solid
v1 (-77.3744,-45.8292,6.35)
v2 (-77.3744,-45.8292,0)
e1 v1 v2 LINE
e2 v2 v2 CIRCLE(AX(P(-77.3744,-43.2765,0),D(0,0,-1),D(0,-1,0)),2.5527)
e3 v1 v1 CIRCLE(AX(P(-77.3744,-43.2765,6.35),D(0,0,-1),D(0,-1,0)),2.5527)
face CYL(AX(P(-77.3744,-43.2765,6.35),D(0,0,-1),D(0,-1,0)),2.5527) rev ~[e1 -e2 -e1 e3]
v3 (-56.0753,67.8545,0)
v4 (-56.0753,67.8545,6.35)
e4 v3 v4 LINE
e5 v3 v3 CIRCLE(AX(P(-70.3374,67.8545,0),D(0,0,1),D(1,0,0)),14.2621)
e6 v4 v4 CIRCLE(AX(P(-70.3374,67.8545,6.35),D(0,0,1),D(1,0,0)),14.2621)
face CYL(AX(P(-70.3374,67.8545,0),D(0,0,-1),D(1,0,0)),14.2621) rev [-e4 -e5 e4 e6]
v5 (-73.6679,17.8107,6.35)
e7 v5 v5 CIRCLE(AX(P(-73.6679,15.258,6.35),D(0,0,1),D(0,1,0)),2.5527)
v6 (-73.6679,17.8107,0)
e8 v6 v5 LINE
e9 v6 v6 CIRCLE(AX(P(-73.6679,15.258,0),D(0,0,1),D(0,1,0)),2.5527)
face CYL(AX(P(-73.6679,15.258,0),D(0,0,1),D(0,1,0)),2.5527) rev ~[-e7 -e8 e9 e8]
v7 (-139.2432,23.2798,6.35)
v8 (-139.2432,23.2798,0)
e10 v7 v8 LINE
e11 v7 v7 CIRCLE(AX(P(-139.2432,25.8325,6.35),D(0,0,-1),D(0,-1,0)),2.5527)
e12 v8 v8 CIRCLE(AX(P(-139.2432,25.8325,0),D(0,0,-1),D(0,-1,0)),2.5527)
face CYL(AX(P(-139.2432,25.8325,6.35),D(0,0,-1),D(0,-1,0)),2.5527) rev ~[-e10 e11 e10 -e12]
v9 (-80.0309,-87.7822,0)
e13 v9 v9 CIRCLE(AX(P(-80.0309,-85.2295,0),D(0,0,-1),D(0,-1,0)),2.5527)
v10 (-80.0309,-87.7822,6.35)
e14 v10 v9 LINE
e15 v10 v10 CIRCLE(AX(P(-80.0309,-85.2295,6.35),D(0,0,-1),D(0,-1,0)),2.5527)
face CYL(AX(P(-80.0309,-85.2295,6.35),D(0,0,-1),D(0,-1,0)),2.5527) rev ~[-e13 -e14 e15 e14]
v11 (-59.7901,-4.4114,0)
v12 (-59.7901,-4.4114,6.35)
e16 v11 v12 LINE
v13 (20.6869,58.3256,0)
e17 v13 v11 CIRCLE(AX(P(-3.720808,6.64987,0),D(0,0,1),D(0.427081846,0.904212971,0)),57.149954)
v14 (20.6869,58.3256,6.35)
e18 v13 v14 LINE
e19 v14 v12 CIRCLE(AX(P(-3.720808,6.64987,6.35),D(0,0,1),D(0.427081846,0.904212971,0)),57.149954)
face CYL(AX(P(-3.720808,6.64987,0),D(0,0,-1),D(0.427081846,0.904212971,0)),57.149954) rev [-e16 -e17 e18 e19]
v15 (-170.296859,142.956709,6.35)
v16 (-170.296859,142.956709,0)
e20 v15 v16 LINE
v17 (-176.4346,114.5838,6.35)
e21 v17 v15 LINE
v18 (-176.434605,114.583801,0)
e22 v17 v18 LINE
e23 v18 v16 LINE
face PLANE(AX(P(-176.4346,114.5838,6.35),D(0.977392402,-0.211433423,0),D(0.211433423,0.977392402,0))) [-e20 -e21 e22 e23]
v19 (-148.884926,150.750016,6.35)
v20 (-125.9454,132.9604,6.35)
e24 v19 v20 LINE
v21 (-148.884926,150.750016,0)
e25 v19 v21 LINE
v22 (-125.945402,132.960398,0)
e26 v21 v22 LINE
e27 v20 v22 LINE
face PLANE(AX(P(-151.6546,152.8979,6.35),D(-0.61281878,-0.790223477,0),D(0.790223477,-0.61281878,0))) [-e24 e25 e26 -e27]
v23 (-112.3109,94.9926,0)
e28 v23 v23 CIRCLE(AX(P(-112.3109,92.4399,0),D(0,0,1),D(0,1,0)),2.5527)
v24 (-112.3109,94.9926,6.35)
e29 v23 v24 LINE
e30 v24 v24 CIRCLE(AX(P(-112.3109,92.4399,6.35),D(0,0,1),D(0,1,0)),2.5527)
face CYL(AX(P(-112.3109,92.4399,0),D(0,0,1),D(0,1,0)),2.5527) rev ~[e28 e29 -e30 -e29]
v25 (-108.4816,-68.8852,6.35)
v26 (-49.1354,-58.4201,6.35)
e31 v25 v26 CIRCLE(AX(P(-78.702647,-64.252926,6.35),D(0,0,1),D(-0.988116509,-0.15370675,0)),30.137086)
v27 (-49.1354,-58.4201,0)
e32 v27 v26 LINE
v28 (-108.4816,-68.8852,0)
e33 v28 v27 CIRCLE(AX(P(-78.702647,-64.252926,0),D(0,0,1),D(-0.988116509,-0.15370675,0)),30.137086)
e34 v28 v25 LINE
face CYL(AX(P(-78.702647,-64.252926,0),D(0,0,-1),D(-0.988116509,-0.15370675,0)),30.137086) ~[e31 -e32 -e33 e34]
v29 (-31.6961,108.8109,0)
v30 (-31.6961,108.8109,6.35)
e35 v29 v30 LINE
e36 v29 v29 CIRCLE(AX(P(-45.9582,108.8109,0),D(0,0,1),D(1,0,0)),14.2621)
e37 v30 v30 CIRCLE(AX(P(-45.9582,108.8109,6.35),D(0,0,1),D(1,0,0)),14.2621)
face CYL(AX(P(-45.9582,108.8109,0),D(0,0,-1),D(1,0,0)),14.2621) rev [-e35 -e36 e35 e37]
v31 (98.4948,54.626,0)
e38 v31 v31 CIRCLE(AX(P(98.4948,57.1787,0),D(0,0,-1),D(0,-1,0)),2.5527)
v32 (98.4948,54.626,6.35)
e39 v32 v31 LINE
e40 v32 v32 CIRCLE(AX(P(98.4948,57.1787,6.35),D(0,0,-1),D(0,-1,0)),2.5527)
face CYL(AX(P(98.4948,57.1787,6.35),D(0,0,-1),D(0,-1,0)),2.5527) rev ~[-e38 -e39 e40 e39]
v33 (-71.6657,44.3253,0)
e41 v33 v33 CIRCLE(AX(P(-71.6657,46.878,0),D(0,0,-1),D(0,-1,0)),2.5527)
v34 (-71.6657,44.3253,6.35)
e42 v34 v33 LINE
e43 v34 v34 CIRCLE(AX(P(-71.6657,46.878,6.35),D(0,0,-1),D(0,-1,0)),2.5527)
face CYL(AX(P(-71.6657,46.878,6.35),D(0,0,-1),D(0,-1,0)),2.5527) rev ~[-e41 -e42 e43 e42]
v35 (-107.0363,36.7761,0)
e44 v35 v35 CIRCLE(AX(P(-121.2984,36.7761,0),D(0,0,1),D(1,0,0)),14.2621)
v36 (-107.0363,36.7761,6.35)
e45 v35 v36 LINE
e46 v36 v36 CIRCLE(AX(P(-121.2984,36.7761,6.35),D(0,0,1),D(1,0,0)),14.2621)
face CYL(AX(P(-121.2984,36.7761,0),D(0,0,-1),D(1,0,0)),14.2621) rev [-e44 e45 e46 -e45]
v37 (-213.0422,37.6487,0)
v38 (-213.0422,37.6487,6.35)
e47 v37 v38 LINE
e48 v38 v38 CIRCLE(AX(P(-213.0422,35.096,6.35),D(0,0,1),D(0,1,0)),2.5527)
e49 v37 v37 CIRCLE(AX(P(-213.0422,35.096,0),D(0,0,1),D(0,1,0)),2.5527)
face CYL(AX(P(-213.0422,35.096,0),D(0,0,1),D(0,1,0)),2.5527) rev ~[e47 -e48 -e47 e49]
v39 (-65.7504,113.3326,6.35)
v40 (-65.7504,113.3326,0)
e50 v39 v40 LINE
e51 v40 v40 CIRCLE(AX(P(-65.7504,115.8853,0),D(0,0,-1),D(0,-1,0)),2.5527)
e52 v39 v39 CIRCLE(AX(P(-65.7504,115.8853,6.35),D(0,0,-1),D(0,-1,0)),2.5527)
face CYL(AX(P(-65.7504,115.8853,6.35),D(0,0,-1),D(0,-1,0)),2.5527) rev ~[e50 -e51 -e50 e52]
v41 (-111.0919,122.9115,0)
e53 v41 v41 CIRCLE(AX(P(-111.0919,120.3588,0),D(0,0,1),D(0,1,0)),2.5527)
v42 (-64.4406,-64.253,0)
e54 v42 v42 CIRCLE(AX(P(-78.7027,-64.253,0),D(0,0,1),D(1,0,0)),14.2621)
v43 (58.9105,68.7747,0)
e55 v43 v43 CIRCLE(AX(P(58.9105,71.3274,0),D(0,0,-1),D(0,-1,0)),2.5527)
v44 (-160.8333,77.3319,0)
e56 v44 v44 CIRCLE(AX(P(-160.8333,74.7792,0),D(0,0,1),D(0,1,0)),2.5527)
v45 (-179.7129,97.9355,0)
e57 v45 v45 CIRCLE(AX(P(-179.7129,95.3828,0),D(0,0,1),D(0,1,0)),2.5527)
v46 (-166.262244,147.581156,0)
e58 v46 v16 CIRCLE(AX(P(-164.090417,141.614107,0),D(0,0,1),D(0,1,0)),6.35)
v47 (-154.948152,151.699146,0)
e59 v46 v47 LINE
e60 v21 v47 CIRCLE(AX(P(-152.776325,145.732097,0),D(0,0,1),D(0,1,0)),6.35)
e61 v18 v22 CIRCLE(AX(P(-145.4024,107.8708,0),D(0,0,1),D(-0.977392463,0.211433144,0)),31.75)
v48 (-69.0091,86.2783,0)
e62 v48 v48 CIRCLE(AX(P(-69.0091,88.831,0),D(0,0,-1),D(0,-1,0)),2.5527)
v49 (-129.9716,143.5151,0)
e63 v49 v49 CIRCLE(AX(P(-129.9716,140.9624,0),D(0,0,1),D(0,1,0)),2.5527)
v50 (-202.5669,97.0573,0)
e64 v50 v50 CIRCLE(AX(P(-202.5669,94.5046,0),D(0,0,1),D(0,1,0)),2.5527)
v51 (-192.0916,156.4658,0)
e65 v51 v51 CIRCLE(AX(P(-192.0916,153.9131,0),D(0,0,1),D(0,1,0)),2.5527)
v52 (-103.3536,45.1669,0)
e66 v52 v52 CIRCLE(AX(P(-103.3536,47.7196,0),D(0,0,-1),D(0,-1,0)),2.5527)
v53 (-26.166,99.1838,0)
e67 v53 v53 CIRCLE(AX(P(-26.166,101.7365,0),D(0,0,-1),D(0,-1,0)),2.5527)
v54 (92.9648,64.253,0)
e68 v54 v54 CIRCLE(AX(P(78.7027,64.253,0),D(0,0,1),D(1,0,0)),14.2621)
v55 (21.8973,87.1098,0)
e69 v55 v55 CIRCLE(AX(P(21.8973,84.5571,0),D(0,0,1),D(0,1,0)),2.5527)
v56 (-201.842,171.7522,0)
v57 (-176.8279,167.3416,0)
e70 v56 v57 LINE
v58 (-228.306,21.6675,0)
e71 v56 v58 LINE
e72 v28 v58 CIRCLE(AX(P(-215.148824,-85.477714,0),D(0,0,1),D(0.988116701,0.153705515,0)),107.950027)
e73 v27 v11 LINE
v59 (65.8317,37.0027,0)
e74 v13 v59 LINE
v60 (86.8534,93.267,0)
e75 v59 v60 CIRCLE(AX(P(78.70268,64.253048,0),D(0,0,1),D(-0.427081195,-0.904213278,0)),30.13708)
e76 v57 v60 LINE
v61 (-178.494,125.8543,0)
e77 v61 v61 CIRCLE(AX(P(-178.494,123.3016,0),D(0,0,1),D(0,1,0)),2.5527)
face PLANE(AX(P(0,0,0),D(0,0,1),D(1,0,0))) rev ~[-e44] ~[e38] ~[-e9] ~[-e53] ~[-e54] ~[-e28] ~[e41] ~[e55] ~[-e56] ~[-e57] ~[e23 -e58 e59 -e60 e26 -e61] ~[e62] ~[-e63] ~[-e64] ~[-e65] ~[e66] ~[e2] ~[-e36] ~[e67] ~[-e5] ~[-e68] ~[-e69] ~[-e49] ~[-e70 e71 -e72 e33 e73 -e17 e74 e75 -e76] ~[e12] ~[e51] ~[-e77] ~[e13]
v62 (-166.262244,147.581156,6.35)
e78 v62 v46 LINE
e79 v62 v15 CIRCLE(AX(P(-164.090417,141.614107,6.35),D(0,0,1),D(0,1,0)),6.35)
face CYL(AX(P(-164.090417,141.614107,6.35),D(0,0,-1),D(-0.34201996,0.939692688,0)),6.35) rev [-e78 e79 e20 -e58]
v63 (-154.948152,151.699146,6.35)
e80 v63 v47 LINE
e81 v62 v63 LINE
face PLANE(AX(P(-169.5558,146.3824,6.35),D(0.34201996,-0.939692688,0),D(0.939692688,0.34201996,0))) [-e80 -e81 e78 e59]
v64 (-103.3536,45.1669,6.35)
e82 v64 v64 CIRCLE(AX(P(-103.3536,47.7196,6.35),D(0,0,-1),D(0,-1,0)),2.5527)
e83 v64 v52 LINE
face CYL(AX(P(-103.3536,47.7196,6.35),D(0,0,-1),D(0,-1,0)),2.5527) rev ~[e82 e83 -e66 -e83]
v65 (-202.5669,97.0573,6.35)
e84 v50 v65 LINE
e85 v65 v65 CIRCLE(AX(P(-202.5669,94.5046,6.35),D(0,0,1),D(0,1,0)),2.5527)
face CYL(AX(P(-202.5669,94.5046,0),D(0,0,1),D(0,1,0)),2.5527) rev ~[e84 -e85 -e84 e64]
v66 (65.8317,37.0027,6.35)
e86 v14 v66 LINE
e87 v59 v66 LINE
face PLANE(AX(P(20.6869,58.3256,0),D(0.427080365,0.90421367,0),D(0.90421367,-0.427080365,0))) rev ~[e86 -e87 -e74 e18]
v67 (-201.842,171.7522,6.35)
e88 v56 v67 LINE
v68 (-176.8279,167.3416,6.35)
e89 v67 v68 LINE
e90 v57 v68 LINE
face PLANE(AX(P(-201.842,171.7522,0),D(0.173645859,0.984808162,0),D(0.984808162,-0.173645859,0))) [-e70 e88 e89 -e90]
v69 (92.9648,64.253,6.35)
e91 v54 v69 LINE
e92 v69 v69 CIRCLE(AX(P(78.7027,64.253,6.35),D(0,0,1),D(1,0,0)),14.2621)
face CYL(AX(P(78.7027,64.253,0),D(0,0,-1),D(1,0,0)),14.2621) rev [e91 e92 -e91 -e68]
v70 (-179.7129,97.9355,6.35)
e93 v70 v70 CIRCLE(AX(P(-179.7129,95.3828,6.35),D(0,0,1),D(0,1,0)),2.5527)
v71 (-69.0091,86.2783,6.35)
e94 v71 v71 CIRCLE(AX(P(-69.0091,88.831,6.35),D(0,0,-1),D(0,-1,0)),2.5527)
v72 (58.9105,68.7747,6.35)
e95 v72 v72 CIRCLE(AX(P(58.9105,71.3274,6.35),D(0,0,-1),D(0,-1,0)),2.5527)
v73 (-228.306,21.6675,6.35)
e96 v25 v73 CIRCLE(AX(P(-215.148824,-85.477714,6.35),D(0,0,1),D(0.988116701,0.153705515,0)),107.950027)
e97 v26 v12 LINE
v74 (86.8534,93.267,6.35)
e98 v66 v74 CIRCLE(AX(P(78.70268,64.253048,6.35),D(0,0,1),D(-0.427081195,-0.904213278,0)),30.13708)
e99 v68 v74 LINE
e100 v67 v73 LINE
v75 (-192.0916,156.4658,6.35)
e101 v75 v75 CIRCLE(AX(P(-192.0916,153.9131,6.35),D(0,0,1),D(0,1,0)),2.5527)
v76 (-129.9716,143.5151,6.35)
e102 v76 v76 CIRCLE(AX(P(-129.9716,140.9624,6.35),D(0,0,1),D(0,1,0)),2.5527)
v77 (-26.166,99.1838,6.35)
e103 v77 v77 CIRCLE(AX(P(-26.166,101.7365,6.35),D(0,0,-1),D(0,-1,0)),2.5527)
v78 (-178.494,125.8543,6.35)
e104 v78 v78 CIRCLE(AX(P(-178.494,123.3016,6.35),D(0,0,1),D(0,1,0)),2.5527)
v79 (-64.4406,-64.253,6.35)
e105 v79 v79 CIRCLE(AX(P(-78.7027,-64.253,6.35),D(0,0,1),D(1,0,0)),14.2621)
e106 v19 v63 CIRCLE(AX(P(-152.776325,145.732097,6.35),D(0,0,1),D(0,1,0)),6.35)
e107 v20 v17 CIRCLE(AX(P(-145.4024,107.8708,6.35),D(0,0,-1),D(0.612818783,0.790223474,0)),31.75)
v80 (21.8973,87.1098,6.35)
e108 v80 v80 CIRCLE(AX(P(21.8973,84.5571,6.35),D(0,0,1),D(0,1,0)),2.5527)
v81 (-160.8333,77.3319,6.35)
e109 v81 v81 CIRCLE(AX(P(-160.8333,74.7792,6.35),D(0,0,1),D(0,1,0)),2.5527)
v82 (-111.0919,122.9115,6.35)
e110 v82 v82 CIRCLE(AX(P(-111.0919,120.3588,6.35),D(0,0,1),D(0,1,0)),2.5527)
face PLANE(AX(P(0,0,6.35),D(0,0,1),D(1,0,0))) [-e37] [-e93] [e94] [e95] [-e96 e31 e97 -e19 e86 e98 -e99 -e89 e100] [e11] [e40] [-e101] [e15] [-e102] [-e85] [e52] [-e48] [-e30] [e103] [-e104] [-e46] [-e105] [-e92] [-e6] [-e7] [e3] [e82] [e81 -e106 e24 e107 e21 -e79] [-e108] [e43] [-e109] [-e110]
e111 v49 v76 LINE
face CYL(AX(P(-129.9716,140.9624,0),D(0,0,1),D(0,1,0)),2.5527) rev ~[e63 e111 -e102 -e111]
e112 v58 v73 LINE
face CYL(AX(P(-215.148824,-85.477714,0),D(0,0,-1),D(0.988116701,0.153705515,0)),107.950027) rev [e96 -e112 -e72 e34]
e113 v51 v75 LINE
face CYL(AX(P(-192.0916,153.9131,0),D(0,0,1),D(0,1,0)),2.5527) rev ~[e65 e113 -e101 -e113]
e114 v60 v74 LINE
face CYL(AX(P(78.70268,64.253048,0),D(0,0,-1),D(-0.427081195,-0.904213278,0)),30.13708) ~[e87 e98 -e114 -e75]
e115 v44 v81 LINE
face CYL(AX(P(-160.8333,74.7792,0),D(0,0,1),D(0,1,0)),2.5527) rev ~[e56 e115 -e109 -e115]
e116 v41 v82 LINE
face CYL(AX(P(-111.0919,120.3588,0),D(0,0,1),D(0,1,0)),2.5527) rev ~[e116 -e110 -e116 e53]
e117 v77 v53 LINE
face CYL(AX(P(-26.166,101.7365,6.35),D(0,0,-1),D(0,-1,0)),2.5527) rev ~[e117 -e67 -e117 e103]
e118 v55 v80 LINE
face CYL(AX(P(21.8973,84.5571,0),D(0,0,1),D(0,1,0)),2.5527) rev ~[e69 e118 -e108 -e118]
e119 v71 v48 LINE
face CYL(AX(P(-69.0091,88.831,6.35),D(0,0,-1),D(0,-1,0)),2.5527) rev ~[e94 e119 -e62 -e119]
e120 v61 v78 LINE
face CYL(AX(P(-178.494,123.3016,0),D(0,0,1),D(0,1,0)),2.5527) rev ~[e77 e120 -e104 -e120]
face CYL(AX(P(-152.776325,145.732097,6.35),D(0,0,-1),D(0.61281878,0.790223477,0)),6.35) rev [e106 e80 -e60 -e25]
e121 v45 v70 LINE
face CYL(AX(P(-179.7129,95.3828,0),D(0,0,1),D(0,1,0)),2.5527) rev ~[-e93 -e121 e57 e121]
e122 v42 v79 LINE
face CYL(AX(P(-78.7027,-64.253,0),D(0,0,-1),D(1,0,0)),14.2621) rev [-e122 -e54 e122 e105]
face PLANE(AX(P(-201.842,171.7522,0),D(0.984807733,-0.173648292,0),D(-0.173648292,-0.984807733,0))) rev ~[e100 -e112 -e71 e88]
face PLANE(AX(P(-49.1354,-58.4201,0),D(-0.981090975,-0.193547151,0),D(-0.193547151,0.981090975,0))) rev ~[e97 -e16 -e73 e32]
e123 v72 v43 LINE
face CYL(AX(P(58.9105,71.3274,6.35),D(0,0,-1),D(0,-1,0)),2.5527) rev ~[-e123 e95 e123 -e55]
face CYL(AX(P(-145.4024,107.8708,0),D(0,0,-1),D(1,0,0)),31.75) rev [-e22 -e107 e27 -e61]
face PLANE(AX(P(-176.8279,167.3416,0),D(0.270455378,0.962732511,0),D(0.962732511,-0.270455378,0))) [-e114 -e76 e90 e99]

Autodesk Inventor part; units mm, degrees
ref_plane "YZ Plane" through (0, 0, 0) normal (1, 0, 0) x (0, 1, 0)
ref_plane "XZ Plane" through (0, 0, 0) normal (0, 1, 0) x (-1, 0, 0)
ref_plane "XY Plane" through (0, 0, 0) normal (0, 0, 1) x (1, 0, 0)
sketch "Sketch1" plane through (0, 0, 0) normal (0, 0, 1) x (1, 0, 0)
  circle A0 centre (78.7027, 64.253) radius 50.8 construction
  circle A1 centre (-78.7027, -64.253) radius 50.8 construction
  circle A2 centre (0, 0) radius 50.8 construction
  line L0 (-39.3513, -32.1265) -> (39.3513, 32.1265) construction
  line L1 (78.7027, 64.253) -> (-78.7027, -64.253) construction
  line L2 (-3.7208, 6.6498) -> (-3.7208, 50.6636) construction
  line L3 (-233.7404, -115.053) -> (631.6516, -115.053) construction
  circle A3 centre (140.9799, -57.903) radius 57.15 construction
  circle A4 centre (78.7027, 64.253) radius 14.2621
  circle A5 centre (-78.7027, -64.253) radius 14.2621
  circle A6 centre (-3.7208, 6.6498) radius 57.15 construction
  circle A7 centre (-78.7027, -64.253) radius 30.1371 construction
  circle A8 centre (78.7027, 64.253) radius 30.1371 construction
  circle A9 centre (-45.9582, 108.8109) radius 14.2621
  line L4 (-45.9582, 108.8109) -> (78.7027, 64.253) construction
  circle A10 centre (78.7027, 64.253) radius 14.3256 construction
  circle A11 centre (-78.7027, -64.253) radius 14.3256 construction
  circle A12 centre (-70.3374, 67.8545) radius 14.2621
  line L5 (-78.7027, -64.253) -> (-70.3374, 67.8545) construction
  circle A13 centre (-70.3374, 67.8545) radius 23.8316 construction
  circle A14 centre (-45.9582, 108.8109) radius 23.8316 construction
  line L6 (20.6869, 58.3256) -> (65.8317, 37.0027)
  line L7 (-49.1354, -58.4201) -> (-59.7901, -4.4114)
  arc A15 (20.6869, 58.3256) -> (-59.7901, -4.4114) centre (-3.7208, 6.6498) ccw
  line L8 (-201.842, 171.7522) -> (-176.8279, 167.3416)
  line L9 (-176.8279, 167.3416) -> (-203.2918, 17.2569) construction
  line L10 (-203.2918, 17.2569) -> (-228.306, 21.6675) construction
  line L11 (-228.306, 21.6675) -> (-201.842, 171.7522) construction
  line L12 (-247.3095, -86.1068) -> (28.2095, -134.6882) construction
  line L13 (-202.9446, 165.4987) -> (212.0535, 92.3234) construction
  line L14 (-202.9446, 165.4987) -> (-247.3095, -86.1068) construction
  circle A16 centre (-145.4024, 107.8708) radius 31.75
  line L15 (-71.8434, 44.0706) -> (-75.4924, -13.5546) construction
  circle A17 centre (21.8973, 84.5571) radius 9.525 construction
  line L16 (-189.3349, 169.5469) -> (-215.7989, 19.4622) construction
  line L17 (-192.0916, 153.9131) -> (-213.0422, 35.096) construction
  circle A18 centre (-145.4024, 107.8708) radius 17.4625 construction
  circle A19 centre (-145.4024, 107.8708) radius 9.525
  circle A20 centre (-45.9582, 108.8109) radius 30.1816 construction
  line L18 (-201.842, 171.7522) -> (-228.306, 21.6675)
  arc A21 (65.8317, 37.0027) -> (86.8534, 93.267) centre (78.7027, 64.253) ccw
  arc A22 (-108.4816, -68.8852) -> (-49.1354, -58.4201) centre (-78.7027, -64.253) ccw
  line L19 (-145.4024, 107.8708) -> (-128.993, 113.8433) construction
  line L20 (-111.0919, 120.3588) -> (-179.7129, 95.3828) construction
  circle A23 centre (-179.7129, 95.3828) radius 4.7625 construction
  line L21 (0, 0) -> (-3.7208, 6.6498) construction
  circle A24 centre (78.7027, 64.253) radius 28.6512 construction
  line L22 (66.184, 38.4815) -> (-52.1898, 95.9822) construction
  line L23 (85.3565, 92.1209) -> (-42.6461, 122.6831) construction
  line L24 (-176.8279, 167.3416) -> (86.8534, 93.267)
  line L25 (-145.4024, 107.8708) -> (-121.2984, 36.7761) construction
  circle A25 centre (-121.2984, 36.7761) radius 31.75 construction
  circle A26 centre (-121.2984, 36.7761) radius 14.2621
  line L26 (-70.3374, 67.8545) -> (-121.2984, 36.7761) construction
  circle A27 centre (-145.4024, 107.8708) radius 25.4 construction
  arc A28 (-108.4816, -68.8852) -> (-228.306, 21.6675) centre (-215.1488, -85.4777) ccw
  circle A29 centre (-145.4024, 107.8708) radius 36.5125 construction
  line L27 (-178.494, 123.3016) -> (-145.4024, 107.8708) construction
  point P0 (-73.6679, 15.258)
  point P1 (-202.5669, 94.5046)
  point P2 (-202.5669, 94.5046)
  point P3 (-142.3701, 125.068)
  point P4 (-158.7795, 119.0955)
  point P5 (-161.8118, 101.8983)
  point P6 (-148.4348, 90.6736)
  point P7 (-132.0254, 96.6461)
  point P8 (-121.5342, 116.5581)
  point P9 (-140.9918, 132.8849)
  point P10 (-164.86, 124.1976)
  point P11 (-169.2706, 99.1835)
  point P12 (-149.8131, 82.8567)
  point P13 (-125.9449, 91.544)
  point P14 (-157.8904, 142.1813)
  point P15 (-179.7129, 95.3828)
  point P16 (-132.9144, 73.5603)
  point P17 (-129.9716, 140.9624)
  point P18 (-160.8333, 74.7792)
  point P19 (-112.3109, 92.4399)
  dimension "d7" = 101.6
  dimension "d18" = 47.6631
  dimension "d34" = 34.925
  dimension "d65" = 50.8
  dimension "d3" = 50.772
  dimension "d4" = 0
  dimension "d8" = 101.6
  dimension "d9" = 28.5242
  dimension "d10" = 101.6
  dimension "d11" = 114.3
  dimension "d12" = 114.3
  dimension "d13" = 15.875
  dimension "d14" = 15.875
  dimension "d15" = 132.3848
  dimension "d16" = 28.6512
  dimension "d17" = 132.3721
  dimension "d19" = 47.6631
  dimension "d22" = 25.4
  dimension "d23" = 152.4
  dimension "d26" = 255.4869
  dimension "d27" = 63.5
  dimension "d30" = 203.2
  dimension "d31" = 10
  dimension "d32" = 19.05
  dimension "d33" = 120.65
  dimension "d35" = 19.05
  dimension "d36" = 6.35
  dimension "d40" = 360
  dimension "d44" = 9.525
  dimension "d55" = 80
  dimension "d56" = 7.62
  dimension "d58" = 57.3024
  dimension "d59" = 63.5
  dimension "d60" = 75.0697
  dimension "d61" = 59.69
  dimension "d62" = 55
  dimension "d68" = 360
  dimension "d70" = 41.275
  dimension "d71" = 60
  dimension "d88" = 360
  dimension "d93" = 360
  dimension "d95" = 45
  dimension "d96" = 6.35
  dimension "d97" = 20.955
  dimension "d98" = 107.95
extrude "Extrusion1" add sketch "Sketch1" along normal blind 6.35 contours A15 L7 A22 A28 L18 L8 L24 A21 L6
hole "Hole1" at (21.8973, 84.5571, 0) at (-192.0916, 153.9131, 0) at (-202.5669, 94.5046, 0) at (-213.0422, 35.096, 0) at (-128.993, 113.8433, 0) at (-142.3701, 125.068, 0) at (-158.7795, 119.0955, 0) at (-161.8118, 101.8983, 0) at (-148.4348, 90.6736, 0) at (-132.0254, 96.6461, 0) at (-149.8131, 82.8567, 0) at (-169.2706, 99.1835, 0) at (-164.86, 124.1976, 0) at (-140.9918, 132.8849, 0) at (-121.5342, 116.5581, 0) at (-125.9449, 91.544, 0) at (-73.6679, 15.258, 0) at (-129.9716, 140.9624, 0) at (-178.494, 123.3016, 0) at (-160.8333, 74.7792, 0) at (-112.3109, 92.4399, 0) at (-179.7129, 95.3828, 0) at (-111.0919, 120.3588, 0) direction (0, 0, 1) diameter 5.1054 end through all clearance for "Flat Head Machine Screw (82)" size "#10" standard "Ansi Unified Screw Threads"
sketch "Sketch2" plane through (0, 0, 6.35) normal (0, 0, 1) x (1, 0, 0)
  circle A0 centre (-213.0422, 35.096) radius 2.5527 construction
  circle A1 centre (-192.0916, 153.9131) radius 2.5527 construction
  circle A2 centre (21.8973, 84.5571) radius 2.5527 construction
  circle A3 centre (-202.5669, 94.5046) radius 2.5527 construction
  circle A4 centre (-73.6679, 15.258) radius 2.5527 construction
  line L0 (-49.1354, -58.4201) -> (-59.7901, -4.4114) construction
  arc A5 (20.6869, 58.3256) -> (-59.7901, -4.4114) centre (-3.7208, 6.6498) ccw construction
  line L1 (20.6869, 58.3256) -> (65.8317, 37.0027) construction
  arc A6 (65.8317, 37.0027) -> (86.8534, 93.267) centre (78.7027, 64.253) ccw construction
  line L2 (86.8534, 93.267) -> (-176.8279, 167.3416) construction
  line L3 (-176.8279, 167.3416) -> (-201.842, 171.7522) construction
  line L4 (-201.842, 171.7522) -> (-228.306, 21.6675) construction
  arc A7 (-108.4816, -68.8852) -> (-228.306, 21.6675) centre (-215.1488, -85.4777) ccw construction
  arc A8 (-108.4816, -68.8852) -> (-49.1354, -58.4201) centre (-78.7027, -64.253) ccw construction
  circle A9 centre (-70.3374, 67.8545) radius 14.2621 construction
  circle A10 centre (-121.2984, 36.7761) radius 14.2621 construction
  circle A11 centre (-45.9582, 108.8109) radius 14.2621 construction
  circle A12 centre (-78.7027, -64.253) radius 14.2621 construction
  circle A13 centre (78.7027, 64.253) radius 14.2621 construction
  line L5 (-77.3744, -43.2765) -> (-80.0309, -85.2295) construction
  line L6 (-139.2432, 25.8325) -> (-103.3536, 47.7196) construction
  line L7 (-69.0091, 88.831) -> (-71.6657, 46.878) construction
  line L8 (-65.7504, 115.8853) -> (-26.166, 101.7365) construction
  line L9 (58.9105, 71.3274) -> (98.4948, 57.1787) construction
  circle A14 centre (-70.3374, 67.8545) radius 14.2621 construction
  line L10 (-45.9582, 108.8109) -> (-70.3374, 67.8545) construction
  line L11 (-45.9582, 108.8109) -> (78.7027, 64.253) construction
  line L12 (-70.3374, 67.8545) -> (-121.2984, 36.7761) construction
  line L13 (-70.3374, 67.8545) -> (-78.7027, -64.253) construction
  circle A15 centre (-112.3109, 92.4399) radius 2.5527 projected
  point P0 (0, 0)
  point P1 (-116.0598, 70.5176)
  point P2 (-113.1961, 73.3575)
  dimension "d72" = 42.037
hole "Hole2" at (-77.3744, -43.2765, 6.35) at (-103.3536, 47.7196, 6.35) at (-80.0309, -85.2295, 6.35) at (-139.2432, 25.8325, 6.35) at (-71.6657, 46.878, 6.35) at (-69.0091, 88.831, 6.35) at (-26.166, 101.7365, 6.35) at (-65.7504, 115.8853, 6.35) at (98.4948, 57.1787, 6.35) at (58.9105, 71.3274, 6.35) direction (0, 0, -1) diameter 5.1054 end through all clearance for "Flat Head Machine Screw (82)" size "#10" standard "Ansi Unified Screw Threads"
sketch "Sketch3" plane through (0, 0, 6.35) normal (0, 0, 1) x (1, 0, 0)
  circle A0 centre (-145.4024, 107.8708) radius 31.75 projected
  line L0 (-176.4346, 114.5838) -> (-169.5558, 146.3824)
  line L1 (-169.5558, 146.3824) -> (-151.6546, 152.8979)
  line L2 (-151.6546, 152.8979) -> (-125.9454, 132.9604)
  circle A1 centre (-111.0919, 120.3588) radius 2.5527 projected
  circle A2 centre (-183.1052, 76.1445) radius 2.5527 projected
  line L3 (-105.3056, 104.4612) -> (-183.1052, 76.1445) construction
  line L4 (-183.1052, 76.1445) -> (-139.6162, 91.9732)
  line L5 (-145.4024, 107.8708) -> (-160.6052, 149.6401) construction
  point P0 (0, 0)
  dimension "d80" = 44.45
  dimension "d82" = 19.05
extrude "Extrusion2" cut sketch "Sketch3" against normal through all contours A0 L0 L1 L2
fillet "Fillet1" radius 6.35 2 edges at (-169.5558, 146.3824, 3.175) (-151.6546, 152.8979, 3.175)
properties part number "GP9-002" material "Polycarbonate, Smoke"
